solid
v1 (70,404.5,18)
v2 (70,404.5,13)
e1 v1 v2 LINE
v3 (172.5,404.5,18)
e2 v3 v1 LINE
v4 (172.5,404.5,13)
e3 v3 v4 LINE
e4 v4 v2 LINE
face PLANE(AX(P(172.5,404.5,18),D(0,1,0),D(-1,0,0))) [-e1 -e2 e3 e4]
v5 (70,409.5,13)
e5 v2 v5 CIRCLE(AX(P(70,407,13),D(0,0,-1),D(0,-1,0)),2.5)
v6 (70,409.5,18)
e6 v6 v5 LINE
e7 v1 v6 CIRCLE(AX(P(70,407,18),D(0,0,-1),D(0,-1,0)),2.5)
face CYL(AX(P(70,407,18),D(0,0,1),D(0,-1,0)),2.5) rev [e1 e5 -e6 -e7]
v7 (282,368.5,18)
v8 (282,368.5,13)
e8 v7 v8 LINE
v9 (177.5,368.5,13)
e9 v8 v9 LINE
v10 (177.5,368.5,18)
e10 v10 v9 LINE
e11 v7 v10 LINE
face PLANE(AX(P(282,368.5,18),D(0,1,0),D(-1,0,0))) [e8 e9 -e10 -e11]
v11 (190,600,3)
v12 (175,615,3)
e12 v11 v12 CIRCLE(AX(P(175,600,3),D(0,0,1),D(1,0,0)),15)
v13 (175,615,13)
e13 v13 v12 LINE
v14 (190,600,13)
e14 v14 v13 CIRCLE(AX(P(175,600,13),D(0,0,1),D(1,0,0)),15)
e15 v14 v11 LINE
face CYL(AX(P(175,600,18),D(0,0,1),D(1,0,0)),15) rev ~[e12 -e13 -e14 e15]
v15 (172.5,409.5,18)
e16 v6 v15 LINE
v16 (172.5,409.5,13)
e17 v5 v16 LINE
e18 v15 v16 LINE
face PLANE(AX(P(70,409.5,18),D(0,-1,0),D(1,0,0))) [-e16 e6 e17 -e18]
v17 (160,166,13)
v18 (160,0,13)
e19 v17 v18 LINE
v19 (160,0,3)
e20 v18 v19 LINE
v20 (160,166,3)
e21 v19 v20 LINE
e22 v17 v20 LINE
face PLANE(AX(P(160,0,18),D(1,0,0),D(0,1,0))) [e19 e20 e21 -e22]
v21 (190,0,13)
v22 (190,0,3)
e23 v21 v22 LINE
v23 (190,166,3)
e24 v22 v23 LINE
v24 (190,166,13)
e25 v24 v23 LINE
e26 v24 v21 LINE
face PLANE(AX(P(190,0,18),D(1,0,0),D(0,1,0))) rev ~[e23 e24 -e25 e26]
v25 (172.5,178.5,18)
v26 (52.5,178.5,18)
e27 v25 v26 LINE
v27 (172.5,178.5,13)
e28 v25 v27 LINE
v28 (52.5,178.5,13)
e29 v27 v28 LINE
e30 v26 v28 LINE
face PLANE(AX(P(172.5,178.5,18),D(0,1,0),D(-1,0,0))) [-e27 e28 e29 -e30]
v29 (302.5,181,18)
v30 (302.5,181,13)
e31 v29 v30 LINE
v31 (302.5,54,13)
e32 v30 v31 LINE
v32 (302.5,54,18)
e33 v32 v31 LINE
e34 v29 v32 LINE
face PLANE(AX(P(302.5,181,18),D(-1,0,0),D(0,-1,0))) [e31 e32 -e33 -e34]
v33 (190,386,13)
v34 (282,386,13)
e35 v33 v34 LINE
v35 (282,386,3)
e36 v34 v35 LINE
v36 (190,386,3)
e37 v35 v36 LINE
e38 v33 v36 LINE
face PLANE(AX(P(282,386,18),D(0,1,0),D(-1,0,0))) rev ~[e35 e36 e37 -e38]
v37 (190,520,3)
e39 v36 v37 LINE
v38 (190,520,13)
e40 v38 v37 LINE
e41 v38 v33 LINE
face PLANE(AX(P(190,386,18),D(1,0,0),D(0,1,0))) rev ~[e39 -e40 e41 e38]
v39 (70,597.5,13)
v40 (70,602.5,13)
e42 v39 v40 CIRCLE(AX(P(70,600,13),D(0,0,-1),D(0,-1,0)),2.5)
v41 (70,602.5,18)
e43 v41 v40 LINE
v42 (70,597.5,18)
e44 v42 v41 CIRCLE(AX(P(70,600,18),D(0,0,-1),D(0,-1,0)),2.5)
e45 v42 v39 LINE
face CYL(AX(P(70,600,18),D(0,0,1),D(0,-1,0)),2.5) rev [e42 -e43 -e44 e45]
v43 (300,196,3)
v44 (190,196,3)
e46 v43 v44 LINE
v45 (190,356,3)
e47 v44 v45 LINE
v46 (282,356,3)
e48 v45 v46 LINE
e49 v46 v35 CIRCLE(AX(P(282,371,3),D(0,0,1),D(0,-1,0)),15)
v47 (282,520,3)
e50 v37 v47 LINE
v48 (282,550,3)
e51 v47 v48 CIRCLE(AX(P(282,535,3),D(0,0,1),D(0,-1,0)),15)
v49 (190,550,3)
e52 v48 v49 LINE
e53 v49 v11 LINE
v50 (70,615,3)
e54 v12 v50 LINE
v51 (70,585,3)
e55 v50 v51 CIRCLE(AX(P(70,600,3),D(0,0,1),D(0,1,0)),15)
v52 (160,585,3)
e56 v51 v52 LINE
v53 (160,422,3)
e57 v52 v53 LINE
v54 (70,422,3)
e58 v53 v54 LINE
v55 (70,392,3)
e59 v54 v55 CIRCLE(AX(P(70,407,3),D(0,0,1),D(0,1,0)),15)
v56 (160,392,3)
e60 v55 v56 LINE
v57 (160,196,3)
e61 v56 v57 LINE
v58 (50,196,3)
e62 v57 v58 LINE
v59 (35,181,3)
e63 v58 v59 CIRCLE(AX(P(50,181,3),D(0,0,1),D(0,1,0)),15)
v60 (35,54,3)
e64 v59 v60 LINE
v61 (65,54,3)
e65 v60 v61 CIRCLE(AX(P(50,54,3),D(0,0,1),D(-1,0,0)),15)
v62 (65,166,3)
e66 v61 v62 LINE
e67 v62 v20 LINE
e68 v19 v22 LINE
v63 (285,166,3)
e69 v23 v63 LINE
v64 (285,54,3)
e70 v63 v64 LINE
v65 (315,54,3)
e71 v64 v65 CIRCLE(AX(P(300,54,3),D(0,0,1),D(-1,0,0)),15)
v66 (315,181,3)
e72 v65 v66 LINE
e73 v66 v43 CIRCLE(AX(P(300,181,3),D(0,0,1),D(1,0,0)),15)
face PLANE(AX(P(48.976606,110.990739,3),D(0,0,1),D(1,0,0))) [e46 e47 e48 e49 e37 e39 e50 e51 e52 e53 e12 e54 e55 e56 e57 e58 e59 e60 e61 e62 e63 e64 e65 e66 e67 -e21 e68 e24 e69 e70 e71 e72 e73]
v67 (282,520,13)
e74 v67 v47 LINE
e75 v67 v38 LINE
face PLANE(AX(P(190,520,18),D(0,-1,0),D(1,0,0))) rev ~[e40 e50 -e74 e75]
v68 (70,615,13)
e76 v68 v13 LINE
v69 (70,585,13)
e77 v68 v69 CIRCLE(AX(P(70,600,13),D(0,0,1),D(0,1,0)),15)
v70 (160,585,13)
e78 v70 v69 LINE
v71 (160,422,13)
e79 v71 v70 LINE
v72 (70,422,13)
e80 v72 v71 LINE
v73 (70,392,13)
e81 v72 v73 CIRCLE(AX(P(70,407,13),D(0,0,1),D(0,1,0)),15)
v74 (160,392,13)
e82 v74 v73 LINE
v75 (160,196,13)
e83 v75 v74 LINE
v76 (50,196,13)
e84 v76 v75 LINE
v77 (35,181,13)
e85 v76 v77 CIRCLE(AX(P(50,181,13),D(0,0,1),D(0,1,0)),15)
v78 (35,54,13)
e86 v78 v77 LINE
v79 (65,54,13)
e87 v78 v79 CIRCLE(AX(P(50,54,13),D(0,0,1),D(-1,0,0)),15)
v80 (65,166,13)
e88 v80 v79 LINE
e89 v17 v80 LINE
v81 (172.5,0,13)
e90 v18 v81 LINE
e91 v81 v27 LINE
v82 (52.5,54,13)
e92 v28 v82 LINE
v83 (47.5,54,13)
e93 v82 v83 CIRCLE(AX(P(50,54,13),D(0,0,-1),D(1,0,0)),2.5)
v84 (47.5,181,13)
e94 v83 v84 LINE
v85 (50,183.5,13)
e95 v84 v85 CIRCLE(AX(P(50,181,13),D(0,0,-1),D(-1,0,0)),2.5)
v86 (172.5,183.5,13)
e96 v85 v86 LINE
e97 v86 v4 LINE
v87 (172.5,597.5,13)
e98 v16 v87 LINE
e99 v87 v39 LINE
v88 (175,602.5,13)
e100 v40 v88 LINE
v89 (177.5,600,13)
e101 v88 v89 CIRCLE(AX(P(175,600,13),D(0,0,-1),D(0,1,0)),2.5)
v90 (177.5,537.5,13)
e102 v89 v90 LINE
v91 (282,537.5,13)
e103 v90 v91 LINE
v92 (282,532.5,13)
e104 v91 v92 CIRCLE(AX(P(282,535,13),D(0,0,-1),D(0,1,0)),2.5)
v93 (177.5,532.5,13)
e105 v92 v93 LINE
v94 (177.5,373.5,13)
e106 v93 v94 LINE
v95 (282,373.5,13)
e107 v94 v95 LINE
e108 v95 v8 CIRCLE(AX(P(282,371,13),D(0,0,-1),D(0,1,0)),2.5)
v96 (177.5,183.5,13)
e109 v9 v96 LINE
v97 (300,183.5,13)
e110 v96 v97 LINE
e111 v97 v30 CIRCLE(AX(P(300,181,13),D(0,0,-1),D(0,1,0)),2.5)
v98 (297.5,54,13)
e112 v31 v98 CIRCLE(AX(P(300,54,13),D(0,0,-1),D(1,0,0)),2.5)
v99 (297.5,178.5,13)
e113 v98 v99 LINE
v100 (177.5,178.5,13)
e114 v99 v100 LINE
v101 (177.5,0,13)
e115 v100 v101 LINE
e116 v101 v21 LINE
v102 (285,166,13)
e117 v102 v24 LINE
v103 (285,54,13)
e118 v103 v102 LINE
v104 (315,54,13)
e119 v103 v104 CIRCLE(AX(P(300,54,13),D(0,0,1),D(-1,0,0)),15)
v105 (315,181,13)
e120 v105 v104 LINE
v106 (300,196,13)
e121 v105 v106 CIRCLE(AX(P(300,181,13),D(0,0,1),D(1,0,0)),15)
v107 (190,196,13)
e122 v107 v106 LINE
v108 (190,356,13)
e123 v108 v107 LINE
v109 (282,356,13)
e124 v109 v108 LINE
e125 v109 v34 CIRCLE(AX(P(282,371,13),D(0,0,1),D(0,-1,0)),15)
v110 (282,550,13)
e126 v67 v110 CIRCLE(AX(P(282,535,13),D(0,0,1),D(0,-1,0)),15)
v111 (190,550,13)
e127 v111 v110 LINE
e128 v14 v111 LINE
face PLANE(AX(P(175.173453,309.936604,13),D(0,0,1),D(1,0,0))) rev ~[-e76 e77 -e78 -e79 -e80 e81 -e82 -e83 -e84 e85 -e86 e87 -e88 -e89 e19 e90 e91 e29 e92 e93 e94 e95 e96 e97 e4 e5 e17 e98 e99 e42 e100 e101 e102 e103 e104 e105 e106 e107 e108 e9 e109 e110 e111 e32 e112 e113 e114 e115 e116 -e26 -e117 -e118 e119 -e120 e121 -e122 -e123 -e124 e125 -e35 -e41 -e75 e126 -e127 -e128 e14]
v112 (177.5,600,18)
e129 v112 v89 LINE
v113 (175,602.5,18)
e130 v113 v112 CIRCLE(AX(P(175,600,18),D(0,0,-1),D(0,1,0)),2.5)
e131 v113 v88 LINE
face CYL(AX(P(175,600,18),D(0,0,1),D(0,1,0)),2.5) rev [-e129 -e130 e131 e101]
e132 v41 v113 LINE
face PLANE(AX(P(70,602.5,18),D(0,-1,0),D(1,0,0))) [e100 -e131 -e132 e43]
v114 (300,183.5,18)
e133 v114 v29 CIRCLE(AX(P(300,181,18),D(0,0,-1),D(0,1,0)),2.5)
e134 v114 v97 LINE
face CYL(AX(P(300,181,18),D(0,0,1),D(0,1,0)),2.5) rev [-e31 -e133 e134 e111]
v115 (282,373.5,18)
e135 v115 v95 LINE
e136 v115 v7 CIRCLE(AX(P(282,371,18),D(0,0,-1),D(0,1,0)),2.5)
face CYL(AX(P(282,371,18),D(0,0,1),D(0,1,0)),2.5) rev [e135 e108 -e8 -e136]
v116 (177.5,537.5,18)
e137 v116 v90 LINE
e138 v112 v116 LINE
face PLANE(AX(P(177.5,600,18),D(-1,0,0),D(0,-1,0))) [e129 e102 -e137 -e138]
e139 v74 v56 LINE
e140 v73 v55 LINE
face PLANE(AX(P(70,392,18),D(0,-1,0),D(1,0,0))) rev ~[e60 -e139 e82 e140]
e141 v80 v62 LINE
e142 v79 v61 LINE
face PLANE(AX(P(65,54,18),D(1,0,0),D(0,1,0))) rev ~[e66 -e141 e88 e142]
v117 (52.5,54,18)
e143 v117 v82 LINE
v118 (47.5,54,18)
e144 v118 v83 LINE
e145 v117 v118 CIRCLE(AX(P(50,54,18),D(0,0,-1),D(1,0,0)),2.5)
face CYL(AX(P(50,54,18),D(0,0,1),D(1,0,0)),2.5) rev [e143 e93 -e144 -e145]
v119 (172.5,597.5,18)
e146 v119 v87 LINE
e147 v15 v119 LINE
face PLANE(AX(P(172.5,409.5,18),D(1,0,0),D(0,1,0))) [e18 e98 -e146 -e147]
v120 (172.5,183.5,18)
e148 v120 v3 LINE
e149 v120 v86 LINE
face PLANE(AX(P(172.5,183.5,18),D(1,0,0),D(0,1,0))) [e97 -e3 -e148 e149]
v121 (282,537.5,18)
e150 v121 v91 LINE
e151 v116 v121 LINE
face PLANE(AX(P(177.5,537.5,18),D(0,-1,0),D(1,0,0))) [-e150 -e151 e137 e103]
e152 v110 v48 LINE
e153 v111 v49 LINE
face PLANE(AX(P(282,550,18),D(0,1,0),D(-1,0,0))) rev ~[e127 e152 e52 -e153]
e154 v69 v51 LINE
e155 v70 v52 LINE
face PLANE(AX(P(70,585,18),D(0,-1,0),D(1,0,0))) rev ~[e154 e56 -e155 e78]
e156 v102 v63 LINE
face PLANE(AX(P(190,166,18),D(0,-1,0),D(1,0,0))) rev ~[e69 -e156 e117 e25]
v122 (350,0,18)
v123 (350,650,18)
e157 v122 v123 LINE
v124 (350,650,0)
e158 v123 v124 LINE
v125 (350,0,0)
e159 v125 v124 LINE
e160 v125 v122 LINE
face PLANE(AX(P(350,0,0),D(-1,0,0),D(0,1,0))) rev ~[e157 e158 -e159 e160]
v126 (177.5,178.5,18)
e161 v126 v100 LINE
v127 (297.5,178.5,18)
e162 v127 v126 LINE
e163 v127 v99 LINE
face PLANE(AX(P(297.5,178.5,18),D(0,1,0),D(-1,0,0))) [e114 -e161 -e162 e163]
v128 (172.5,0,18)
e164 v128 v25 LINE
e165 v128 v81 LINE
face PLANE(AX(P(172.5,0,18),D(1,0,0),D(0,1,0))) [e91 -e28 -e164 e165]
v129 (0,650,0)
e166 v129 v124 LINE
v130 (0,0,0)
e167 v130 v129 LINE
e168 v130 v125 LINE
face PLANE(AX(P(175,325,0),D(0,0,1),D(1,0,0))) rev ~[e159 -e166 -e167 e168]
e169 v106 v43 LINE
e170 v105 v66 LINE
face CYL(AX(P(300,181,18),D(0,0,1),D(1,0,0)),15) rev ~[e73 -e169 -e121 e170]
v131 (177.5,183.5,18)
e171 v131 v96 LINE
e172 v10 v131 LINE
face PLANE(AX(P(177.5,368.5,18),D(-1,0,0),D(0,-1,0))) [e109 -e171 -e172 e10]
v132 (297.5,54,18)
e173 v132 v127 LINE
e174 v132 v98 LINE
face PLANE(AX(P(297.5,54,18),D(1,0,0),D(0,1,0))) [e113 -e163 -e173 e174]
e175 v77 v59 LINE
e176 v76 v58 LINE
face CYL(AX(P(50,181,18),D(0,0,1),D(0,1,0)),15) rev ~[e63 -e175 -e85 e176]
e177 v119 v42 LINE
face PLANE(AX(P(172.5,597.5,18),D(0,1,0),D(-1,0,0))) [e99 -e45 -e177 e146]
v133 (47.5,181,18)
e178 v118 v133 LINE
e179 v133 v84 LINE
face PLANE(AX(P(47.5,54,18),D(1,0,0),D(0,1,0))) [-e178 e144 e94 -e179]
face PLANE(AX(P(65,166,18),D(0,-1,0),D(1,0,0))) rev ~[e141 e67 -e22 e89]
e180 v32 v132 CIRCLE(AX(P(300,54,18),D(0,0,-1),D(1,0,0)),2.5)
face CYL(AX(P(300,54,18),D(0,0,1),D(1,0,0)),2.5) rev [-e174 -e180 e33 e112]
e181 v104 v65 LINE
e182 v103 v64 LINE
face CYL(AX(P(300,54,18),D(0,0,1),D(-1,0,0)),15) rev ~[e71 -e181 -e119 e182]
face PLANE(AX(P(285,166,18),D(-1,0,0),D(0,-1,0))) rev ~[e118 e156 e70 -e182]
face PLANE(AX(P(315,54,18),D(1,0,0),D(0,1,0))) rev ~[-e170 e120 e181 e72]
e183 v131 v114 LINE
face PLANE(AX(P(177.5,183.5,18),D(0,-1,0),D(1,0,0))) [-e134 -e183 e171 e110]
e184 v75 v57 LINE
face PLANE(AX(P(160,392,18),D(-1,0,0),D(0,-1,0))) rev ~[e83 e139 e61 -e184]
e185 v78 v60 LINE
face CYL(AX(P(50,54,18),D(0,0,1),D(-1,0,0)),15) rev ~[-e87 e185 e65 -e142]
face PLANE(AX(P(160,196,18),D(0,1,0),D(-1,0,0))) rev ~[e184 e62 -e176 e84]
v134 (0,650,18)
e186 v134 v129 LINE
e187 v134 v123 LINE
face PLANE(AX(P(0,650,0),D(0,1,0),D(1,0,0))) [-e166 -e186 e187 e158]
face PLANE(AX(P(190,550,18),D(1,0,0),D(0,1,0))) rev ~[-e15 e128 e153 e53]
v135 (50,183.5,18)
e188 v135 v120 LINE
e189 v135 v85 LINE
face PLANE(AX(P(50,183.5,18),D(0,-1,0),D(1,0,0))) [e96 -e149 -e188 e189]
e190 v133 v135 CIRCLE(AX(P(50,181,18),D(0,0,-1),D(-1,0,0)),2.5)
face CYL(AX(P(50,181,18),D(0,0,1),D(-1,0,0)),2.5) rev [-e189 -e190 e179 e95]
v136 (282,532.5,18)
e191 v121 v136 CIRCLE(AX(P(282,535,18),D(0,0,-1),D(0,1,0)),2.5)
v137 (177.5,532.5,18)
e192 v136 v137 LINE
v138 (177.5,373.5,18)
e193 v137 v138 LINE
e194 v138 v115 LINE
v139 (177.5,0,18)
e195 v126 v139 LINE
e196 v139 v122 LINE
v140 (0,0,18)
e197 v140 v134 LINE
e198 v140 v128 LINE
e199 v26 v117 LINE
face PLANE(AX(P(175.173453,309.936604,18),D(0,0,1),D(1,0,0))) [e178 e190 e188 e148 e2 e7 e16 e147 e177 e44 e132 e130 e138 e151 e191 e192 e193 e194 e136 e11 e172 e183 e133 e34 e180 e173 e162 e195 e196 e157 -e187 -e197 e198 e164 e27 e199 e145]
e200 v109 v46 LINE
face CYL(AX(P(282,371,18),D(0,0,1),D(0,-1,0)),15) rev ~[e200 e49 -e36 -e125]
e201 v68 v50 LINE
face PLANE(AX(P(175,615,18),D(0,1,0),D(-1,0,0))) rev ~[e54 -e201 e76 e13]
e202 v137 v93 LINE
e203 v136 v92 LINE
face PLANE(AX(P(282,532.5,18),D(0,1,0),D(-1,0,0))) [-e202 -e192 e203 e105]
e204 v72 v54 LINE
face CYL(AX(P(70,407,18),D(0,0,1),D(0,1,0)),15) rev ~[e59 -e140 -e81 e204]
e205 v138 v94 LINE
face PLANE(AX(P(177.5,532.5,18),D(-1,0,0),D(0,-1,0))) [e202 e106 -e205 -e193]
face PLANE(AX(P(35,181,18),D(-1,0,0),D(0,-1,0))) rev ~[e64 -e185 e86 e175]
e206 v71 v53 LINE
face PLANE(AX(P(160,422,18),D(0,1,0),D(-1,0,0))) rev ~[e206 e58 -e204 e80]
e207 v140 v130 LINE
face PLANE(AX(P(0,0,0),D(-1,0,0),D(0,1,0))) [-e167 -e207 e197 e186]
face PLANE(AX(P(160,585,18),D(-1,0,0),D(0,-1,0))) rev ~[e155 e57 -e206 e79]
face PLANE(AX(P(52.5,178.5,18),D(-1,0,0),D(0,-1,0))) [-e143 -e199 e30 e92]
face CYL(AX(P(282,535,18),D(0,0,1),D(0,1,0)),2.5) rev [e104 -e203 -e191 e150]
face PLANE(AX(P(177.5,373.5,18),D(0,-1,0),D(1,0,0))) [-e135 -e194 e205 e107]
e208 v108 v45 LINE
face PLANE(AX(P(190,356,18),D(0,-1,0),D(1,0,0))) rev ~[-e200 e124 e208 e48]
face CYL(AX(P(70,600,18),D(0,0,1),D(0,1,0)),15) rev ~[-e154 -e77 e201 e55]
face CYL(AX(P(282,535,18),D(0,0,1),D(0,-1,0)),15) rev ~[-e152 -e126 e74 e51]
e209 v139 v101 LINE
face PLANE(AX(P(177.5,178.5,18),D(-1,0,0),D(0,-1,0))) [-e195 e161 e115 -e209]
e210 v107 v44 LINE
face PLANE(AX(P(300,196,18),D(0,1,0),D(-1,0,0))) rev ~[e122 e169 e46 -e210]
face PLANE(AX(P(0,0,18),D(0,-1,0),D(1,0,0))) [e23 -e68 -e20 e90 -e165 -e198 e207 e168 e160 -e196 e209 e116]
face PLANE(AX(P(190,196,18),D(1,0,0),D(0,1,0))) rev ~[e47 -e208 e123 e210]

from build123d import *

# Parameters (mm, degrees)
SKICA1_W                 = 350
SKICA1_H                 = 650
P_IDAT_VYSUNUT_M2_DEPTH  = 18
VETSI_W                  = 30
VETSI_H                  = 166
VETSI_H_2                = 30
ODEBRAT_VYSUNUT_M1_DEPTH = 15
P_IDAT_VYSUNUT_M3_DEPTH  = 5


with BuildPart() as part:
    # Skica1 → Přidat vysunutím2 (new body)
    with BuildSketch(Plane.XY):
        with Locations((175, 325)):
            Rectangle(SKICA1_W, SKICA1_H)
    extrude(amount=P_IDAT_VYSUNUT_M2_DEPTH)

    # vetsi → Odebrat vysunutím1 (cut)
    with BuildSketch(Plane.XY.offset(18)):
        with BuildLine():
            Line((65, 54), (65, 166))
            Line((65, 166), (50, 166))
            ThreePointArc((50, 166), (39.393398282, 170.393398282), (35, 181))
            Line((35, 181), (35, 54))
            ThreePointArc((35, 54), (50, 39), (65, 54))
        make_face()
        with BuildLine():
            ThreePointArc((65, 181), (60.606601718, 191.606601718), (50, 196))
            ThreePointArc((50, 196), (39.393398282, 191.606601718), (35, 181))
            ThreePointArc((35, 181), (39.393398282, 170.393398282), (50, 166))
            Line((50, 166), (65, 166))
            Line((65, 166), (65, 181))
        make_face()
        with BuildLine():
            Line((160, 166), (160, 196))
            Line((160, 196), (50, 196))
            ThreePointArc((50, 196), (60.606601718, 191.606601718), (65, 181))
            Line((65, 181), (65, 166))
            Line((65, 166), (160, 166))
        make_face()
        with Locations((175, 83)):
            Rectangle(VETSI_W, VETSI_H)
        with Locations((175, 181)):
            Rectangle(VETSI_W, VETSI_H_2)
        with BuildLine():
            Line((300, 196), (190, 196))
            Line((190, 196), (190, 166))
            Line((190, 166), (285, 166))
            Line((285, 166), (285, 181))
            ThreePointArc((285, 181), (289.393398282, 191.606601718), (300, 196))
        make_face()
        with BuildLine():
            ThreePointArc((315, 181), (310.606601718, 191.606601718), (300, 196))
            ThreePointArc((300, 196), (289.393398282, 191.606601718), (285, 181))
            Line((285, 181), (285, 166))
            Line((285, 166), (300, 166))
            ThreePointArc((300, 166), (310.606601718, 170.393398282), (315, 181))
        make_face()
        with BuildLine():
            Line((300, 166), (285, 166))
            Line((285, 166), (285, 54))
            ThreePointArc((285, 54), (300, 39), (315, 54))
            Line((315, 54), (315, 181))
            ThreePointArc((315, 181), (310.606601718, 170.393398282), (300, 166))
        make_face()
        with BuildLine():
            Line((190, 196), (190, 356))
            Line((190, 356), (175, 356))
            ThreePointArc((175, 356), (164.393398282, 360.393398282), (160, 371))
            Line((160, 371), (160, 196))
            Line((160, 196), (190, 196))
        make_face()
        with BuildLine():
            Line((282, 386), (190, 386))
            Line((190, 386), (190, 356))
            Line((190, 356), (282, 356))
            ThreePointArc((282, 356), (297, 371), (282, 386))
        make_face()
        with BuildLine():
            Line((190, 356), (190, 386))
            Line((190, 386), (175, 386))
            ThreePointArc((175, 386), (164.393398282, 381.606601718), (160, 371))
            ThreePointArc((160, 371), (164.393398282, 360.393398282), (175, 356))
            Line((175, 356), (190, 356))
        make_face()
        with BuildLine():
            Line((190, 386), (190, 407.000000086))
            ThreePointArc((190, 407.000000086), (185.606601748, 396.393398312), (175, 392))
            Line((175, 392), (160, 392))
            Line((160, 392), (160, 371))
            ThreePointArc((160, 371), (164.393398282, 381.606601718), (175, 386))
            Line((175, 386), (190, 386))
        make_face()
        with BuildLine():
            ThreePointArc((175, 392), (185.606601748, 396.393398312), (190, 407.000000086))
            ThreePointArc((190, 407.000000086), (185.606601688, 417.606601748), (175, 422))
            Line((175, 422), (160, 422))
            Line((160, 422), (160, 392))
            Line((160, 392), (175, 392))
        make_face()
        with BuildLine():
            Line((160, 392), (160, 422))
            Line((160, 422), (70, 422))
            ThreePointArc((70, 422), (55, 407), (70, 392))
            Line((70, 392), (160, 392))
        make_face()
        with BuildLine():
            Line((190, 407.000000086), (190, 520))
            Line((190, 520), (175, 520))
            ThreePointArc((175, 520), (164.393398282, 524.393398282), (160, 535))
            Line((160, 535), (160, 422))
            Line((160, 422), (175, 422))
            ThreePointArc((175, 422), (185.606601688, 417.606601748), (190, 407.000000086))
        make_face()
        with BuildLine():
            Line((190, 520), (190, 550))
            Line((190, 550), (175, 550))
            ThreePointArc((175, 550), (164.393398282, 545.606601718), (160, 535))
            ThreePointArc((160, 535), (164.393398282, 524.393398282), (175, 520))
            Line((175, 520), (190, 520))
        make_face()
        with BuildLine():
            Line((282, 550), (190, 550))
            Line((190, 550), (190, 520))
            Line((190, 520), (282, 520))
            ThreePointArc((282, 520), (297, 535), (282, 550))
        make_face()
        with BuildLine():
            Line((190, 550), (190, 600))
            ThreePointArc((190, 600), (185.606601718, 589.393398282), (175, 585))
            Line((175, 585), (160, 585))
            Line((160, 585), (160, 535))
            ThreePointArc((160, 535), (164.393398282, 545.606601718), (175, 550))
            Line((175, 550), (190, 550))
        make_face()
        with BuildLine():
            ThreePointArc((175, 585), (185.606601718, 589.393398282), (190, 600))
            ThreePointArc((190, 600), (185.606601718, 610.606601718), (175, 615))
            ThreePointArc((175, 615), (164.393398282, 610.606601718), (160, 600))
            Line((160, 600), (160, 585))
            Line((160, 585), (175, 585))
        make_face()
        with BuildLine():
            ThreePointArc((160, 600), (164.393398282, 610.606601718), (175, 615))
            Line((175, 615), (70, 615))
            ThreePointArc((70, 615), (55, 600), (70, 585))
            Line((70, 585), (160, 585))
            Line((160, 585), (160, 600))
        make_face()
    extrude(amount=-ODEBRAT_VYSUNUT_M1_DEPTH, mode=Mode.SUBTRACT)

    # mensi → Přidat vysunutím3 (add)
    with BuildSketch(Plane.XY.offset(18)):
        with BuildLine():
            ThreePointArc((175, 602.5), (176.767766953, 601.767766953), (177.5, 600))
            Line((177.5, 600), (177.5, 537.5))
            Line((177.5, 537.5), (282, 537.5))
            ThreePointArc((282, 537.5), (284.5, 535), (282, 532.5))
            Line((282, 532.5), (177.5, 532.5))
            Line((177.5, 532.5), (177.5, 406.999999943))
            Line((177.5, 406.999999943), (177.5, 373.5))
            Line((177.5, 373.5), (282, 373.5))
            ThreePointArc((282, 373.5), (284.5, 371), (282, 368.5))
            Line((282, 368.5), (177.5, 368.5))
            Line((177.5, 368.5), (177.5, 183.5))
            Line((177.5, 183.5), (300, 183.5))
            ThreePointArc((300, 183.5), (301.767766953, 182.767766953), (302.5, 181))
            Line((302.5, 181), (302.5, 54))
            ThreePointArc((302.5, 54), (300, 51.5), (297.5, 54))
            Line((297.5, 54), (297.5, 178.5))
            Line((297.5, 178.5), (177.5, 178.5))
            Line((177.5, 178.5), (177.5, 0))
            Line((177.5, 0), (350, 0))
            Line((350, 0), (350, 650))
            Line((350, 650), (0, 650))
            Line((0, 650), (0, 0))
            Line((0, 0), (172.5, 0))
            Line((172.5, 0), (172.5, 178.5))
            Line((172.5, 178.5), (52.5, 178.5))
            Line((52.5, 178.5), (52.5, 54))
            ThreePointArc((52.5, 54), (50, 51.5), (47.5, 54))
            Line((47.5, 54), (47.5, 181))
            ThreePointArc((47.5, 181), (48.232233047, 182.767766953), (50, 183.5))
            Line((50, 183.5), (172.5, 183.5))
            Line((172.5, 183.5), (172.5, 371))
            Line((172.5, 371), (172.5, 404.5))
            Line((172.5, 404.5), (70, 404.5))
            ThreePointArc((70, 404.5), (67.5, 407), (70, 409.5))
            Line((70, 409.5), (172.5, 409.5))
            Line((172.5, 409.5), (172.5, 535))
            Line((172.5, 535), (172.5, 597.5))
            Line((172.5, 597.5), (70, 597.5))
            ThreePointArc((70, 597.5), (67.5, 600), (70, 602.5))
            Line((70, 602.5), (175, 602.5))
        make_face()
    extrude(amount=-P_IDAT_VYSUNUT_M3_DEPTH)


solid = part.part
